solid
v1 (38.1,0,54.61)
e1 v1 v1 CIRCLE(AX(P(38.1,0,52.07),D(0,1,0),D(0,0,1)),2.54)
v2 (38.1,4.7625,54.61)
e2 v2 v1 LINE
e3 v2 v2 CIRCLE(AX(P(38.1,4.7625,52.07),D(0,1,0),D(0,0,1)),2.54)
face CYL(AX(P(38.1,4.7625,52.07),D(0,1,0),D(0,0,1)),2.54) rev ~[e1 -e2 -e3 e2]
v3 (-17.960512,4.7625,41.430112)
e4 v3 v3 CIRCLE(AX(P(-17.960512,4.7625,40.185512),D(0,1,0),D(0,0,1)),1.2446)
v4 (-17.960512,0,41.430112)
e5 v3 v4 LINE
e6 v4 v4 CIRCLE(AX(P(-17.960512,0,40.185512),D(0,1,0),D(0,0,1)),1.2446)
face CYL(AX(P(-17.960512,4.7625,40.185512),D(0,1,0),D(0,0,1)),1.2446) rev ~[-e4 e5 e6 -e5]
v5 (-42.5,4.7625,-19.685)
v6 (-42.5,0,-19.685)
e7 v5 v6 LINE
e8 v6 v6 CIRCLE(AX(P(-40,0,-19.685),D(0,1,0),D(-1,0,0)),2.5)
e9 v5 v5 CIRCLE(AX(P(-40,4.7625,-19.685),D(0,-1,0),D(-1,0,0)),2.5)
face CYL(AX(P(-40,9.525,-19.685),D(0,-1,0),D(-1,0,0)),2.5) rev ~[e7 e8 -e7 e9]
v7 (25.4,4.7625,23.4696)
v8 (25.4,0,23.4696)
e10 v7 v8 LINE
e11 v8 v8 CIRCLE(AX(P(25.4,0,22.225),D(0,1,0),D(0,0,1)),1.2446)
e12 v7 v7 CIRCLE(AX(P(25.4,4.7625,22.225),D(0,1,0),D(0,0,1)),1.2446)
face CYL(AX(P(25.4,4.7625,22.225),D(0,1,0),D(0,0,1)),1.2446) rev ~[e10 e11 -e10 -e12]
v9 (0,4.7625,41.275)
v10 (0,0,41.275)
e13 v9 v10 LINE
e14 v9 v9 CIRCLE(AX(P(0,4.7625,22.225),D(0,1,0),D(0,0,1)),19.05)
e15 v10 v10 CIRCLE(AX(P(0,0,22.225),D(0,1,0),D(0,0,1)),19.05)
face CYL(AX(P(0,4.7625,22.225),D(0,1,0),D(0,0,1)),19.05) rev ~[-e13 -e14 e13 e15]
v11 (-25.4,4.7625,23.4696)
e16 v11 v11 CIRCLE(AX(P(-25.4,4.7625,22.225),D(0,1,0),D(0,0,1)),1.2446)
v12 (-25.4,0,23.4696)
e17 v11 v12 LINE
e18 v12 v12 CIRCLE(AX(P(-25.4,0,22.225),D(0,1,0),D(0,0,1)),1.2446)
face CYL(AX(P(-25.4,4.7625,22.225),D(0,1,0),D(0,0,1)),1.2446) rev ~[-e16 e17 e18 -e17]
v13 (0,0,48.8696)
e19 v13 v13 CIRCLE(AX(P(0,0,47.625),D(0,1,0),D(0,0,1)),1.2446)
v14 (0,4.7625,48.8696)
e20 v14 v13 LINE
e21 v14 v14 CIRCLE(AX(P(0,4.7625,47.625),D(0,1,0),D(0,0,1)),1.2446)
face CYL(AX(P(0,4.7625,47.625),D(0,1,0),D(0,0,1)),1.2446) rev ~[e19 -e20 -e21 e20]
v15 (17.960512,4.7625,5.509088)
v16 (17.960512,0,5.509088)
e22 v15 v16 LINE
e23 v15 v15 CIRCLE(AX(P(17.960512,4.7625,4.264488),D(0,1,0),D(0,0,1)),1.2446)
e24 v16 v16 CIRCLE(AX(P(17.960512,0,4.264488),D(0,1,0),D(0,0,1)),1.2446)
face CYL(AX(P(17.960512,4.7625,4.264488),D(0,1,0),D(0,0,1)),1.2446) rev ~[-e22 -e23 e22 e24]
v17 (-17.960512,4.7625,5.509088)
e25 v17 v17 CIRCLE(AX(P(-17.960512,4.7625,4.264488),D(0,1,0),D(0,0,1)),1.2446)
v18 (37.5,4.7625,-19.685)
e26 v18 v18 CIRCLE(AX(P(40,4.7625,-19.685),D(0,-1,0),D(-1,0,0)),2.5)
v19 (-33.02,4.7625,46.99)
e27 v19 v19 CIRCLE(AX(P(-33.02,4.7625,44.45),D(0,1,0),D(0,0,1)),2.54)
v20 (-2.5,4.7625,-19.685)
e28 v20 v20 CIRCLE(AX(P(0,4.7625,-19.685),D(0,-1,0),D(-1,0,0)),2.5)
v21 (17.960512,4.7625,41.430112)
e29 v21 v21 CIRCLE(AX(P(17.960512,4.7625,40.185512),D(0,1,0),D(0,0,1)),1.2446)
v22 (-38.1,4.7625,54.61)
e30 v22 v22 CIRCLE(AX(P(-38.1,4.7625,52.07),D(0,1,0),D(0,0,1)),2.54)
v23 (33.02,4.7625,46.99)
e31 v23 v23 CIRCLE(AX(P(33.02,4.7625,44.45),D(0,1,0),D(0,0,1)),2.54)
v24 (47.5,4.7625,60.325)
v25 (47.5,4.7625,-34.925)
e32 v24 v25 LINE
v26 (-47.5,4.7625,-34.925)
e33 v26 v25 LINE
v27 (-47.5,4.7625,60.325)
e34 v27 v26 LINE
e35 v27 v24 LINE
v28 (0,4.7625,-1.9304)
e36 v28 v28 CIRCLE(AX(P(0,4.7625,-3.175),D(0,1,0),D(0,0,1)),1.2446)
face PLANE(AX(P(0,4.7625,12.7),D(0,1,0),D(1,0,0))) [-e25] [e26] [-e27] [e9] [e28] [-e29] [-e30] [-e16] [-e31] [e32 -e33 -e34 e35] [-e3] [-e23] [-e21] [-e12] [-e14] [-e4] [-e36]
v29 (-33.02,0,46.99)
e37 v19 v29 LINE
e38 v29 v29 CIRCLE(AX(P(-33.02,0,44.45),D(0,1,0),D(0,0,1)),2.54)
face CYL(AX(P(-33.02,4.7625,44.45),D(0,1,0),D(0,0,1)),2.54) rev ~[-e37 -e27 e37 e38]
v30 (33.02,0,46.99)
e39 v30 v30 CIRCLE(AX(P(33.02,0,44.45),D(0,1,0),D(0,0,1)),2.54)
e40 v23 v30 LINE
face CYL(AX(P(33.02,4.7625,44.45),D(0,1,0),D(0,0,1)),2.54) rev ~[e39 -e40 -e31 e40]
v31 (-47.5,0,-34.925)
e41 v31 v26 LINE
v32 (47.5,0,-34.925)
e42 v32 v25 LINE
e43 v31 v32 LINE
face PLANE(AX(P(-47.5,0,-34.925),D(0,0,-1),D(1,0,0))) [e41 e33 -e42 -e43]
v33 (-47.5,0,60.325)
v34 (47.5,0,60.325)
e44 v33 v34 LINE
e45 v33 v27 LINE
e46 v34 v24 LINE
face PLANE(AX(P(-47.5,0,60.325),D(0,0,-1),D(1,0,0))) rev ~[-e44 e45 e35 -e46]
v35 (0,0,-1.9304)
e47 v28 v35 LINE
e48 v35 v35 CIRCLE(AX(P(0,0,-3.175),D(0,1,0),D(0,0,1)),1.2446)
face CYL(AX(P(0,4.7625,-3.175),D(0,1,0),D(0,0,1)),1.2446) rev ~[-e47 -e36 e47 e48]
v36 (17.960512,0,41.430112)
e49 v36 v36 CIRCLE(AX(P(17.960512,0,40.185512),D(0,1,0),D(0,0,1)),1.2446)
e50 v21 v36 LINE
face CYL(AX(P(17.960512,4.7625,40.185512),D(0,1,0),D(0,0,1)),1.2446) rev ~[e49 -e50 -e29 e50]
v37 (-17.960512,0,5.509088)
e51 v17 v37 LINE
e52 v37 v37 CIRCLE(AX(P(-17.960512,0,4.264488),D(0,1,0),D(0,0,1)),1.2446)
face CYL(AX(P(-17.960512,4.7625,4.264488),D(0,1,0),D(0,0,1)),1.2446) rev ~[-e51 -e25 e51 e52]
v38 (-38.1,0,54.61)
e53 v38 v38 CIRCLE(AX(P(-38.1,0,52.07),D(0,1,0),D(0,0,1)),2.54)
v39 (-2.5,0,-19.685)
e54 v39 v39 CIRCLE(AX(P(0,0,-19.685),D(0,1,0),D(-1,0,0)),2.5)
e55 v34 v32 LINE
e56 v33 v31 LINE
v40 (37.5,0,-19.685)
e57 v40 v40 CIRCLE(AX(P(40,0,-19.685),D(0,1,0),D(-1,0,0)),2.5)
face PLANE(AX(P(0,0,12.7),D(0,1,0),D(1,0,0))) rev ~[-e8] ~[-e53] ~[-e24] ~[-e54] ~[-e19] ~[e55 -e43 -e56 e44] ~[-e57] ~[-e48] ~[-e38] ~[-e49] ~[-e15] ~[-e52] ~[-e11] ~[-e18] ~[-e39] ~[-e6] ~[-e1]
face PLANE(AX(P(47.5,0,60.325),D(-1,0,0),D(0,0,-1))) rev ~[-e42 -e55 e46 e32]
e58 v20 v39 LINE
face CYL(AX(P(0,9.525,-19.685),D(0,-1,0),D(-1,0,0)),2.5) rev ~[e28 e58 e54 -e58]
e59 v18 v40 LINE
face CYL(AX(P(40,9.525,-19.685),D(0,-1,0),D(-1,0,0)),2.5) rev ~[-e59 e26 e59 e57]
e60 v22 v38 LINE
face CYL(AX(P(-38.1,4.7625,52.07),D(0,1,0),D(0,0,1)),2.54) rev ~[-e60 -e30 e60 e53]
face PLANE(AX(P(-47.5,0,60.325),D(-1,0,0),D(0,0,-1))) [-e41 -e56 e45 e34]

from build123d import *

# Parameters (mm, degrees)
SKETCH2_W                 = 95
SKETCH2_H                 = 95.25
BOSS_EXTRUDE3_DEPTH       = 4.7625
SKETCH3_R                 = 19.05
CUT_EXTRUDE1_DEPTH        = 77.928778953
M6X1_0_TAPPED_HOLE1_D     = 5
M6X1_0_TAPPED_HOLE1_DEPTH = 4.7625
M6X1_0_TAPPED_HOLE1_TIP   = 1.502151548
SKETCH7_R                 = 2.54
CUT_EXTRUDE2_DEPTH        = 7.62
SKETCH12_R                = 1.2446
CUT_EXTRUDE3_DEPTH        = 77.928778953


with BuildPart() as part:
    # Sketch2 → Boss-Extrude3 (new body)
    with BuildSketch(Plane(origin=(0, 0, 0), x_dir=(1, 0, 0), z_dir=(0, 1, 0))):
        with Locations((0, -12.7)):
            Rectangle(SKETCH2_W, SKETCH2_H)
    extrude(amount=BOSS_EXTRUDE3_DEPTH)

    # Sketch3 → Cut-Extrude1 (cut, through all)
    with BuildSketch(Plane(origin=(0, 4.7625, 0), x_dir=(1, 0, 0), z_dir=(0, 1, 0))):
        with Locations(Location((0, -22.225, 0), (0, 0, 270))):
            Circle(SKETCH3_R)
    extrude(amount=-CUT_EXTRUDE1_DEPTH, mode=Mode.SUBTRACT)

    # M6x1.0 Tapped Hole1
    with Locations(Plane(origin=(0, 4.7625, 0), x_dir=(1, 0, 0), z_dir=(0, 1, 0))):
        with Locations((-40, 19.685), (40, 19.685), (0, 19.685)):
            Hole(M6X1_0_TAPPED_HOLE1_D / 2, depth=M6X1_0_TAPPED_HOLE1_DEPTH)
            with Locations((0, 0, -(M6X1_0_TAPPED_HOLE1_DEPTH + M6X1_0_TAPPED_HOLE1_TIP / 2))):  # 118° drill point
                Cone(0, M6X1_0_TAPPED_HOLE1_D / 2, M6X1_0_TAPPED_HOLE1_TIP, mode=Mode.SUBTRACT)

    # Sketch7 → Cut-Extrude2 (cut)
    with BuildSketch(Plane(origin=(0, 4.7625, 0), x_dir=(1, 0, 0), z_dir=(0, 1, 0))):
        with Locations(Location((-33.02, -44.45, 0), (0, 0, 270))):
            Circle(SKETCH7_R)
        with Locations(Location((33.02, -44.45, 0), (0, 0, 270))):
            Circle(SKETCH7_R)
        with Locations(Location((-38.1, -52.07, 0), (0, 0, 270))):
            Circle(SKETCH7_R)
        with Locations(Location((38.1, -52.07, 0), (0, 0, 270))):
            Circle(SKETCH7_R)
    extrude(amount=-CUT_EXTRUDE2_DEPTH, mode=Mode.SUBTRACT)

    # Sketch12 → Cut-Extrude3 (cut, through all)
    with BuildSketch(Plane(origin=(0, 4.7625, 0), x_dir=(1, 0, 0), z_dir=(0, 1, 0))):
        with Locations(Location((0, 3.175, 0), (0, 0, 270))):
            Circle(SKETCH12_R)
        with Locations(Location((17.960512242, -4.264487758, 0), (0, 0, 270))):
            Circle(SKETCH12_R)
        with Locations(Location((25.4, -22.225, 0), (0, 0, 270))):
            Circle(SKETCH12_R)
        with Locations(Location((17.960512242, -40.185512242, 0), (0, 0, 270))):
            Circle(SKETCH12_R)
        with Locations(Location((0, -47.625, 0), (0, 0, 270))):
            Circle(SKETCH12_R)
        with Locations(Location((-17.960512242, -40.185512242, 0), (0, 0, 270))):
            Circle(SKETCH12_R)
        with Locations(Location((-25.4, -22.225, 0), (0, 0, 270))):
            Circle(SKETCH12_R)
        with Locations(Location((-17.960512242, -4.264487758, 0), (0, 0, 270))):
            Circle(SKETCH12_R)
    extrude(amount=-CUT_EXTRUDE3_DEPTH, mode=Mode.SUBTRACT)


solid = part.part
